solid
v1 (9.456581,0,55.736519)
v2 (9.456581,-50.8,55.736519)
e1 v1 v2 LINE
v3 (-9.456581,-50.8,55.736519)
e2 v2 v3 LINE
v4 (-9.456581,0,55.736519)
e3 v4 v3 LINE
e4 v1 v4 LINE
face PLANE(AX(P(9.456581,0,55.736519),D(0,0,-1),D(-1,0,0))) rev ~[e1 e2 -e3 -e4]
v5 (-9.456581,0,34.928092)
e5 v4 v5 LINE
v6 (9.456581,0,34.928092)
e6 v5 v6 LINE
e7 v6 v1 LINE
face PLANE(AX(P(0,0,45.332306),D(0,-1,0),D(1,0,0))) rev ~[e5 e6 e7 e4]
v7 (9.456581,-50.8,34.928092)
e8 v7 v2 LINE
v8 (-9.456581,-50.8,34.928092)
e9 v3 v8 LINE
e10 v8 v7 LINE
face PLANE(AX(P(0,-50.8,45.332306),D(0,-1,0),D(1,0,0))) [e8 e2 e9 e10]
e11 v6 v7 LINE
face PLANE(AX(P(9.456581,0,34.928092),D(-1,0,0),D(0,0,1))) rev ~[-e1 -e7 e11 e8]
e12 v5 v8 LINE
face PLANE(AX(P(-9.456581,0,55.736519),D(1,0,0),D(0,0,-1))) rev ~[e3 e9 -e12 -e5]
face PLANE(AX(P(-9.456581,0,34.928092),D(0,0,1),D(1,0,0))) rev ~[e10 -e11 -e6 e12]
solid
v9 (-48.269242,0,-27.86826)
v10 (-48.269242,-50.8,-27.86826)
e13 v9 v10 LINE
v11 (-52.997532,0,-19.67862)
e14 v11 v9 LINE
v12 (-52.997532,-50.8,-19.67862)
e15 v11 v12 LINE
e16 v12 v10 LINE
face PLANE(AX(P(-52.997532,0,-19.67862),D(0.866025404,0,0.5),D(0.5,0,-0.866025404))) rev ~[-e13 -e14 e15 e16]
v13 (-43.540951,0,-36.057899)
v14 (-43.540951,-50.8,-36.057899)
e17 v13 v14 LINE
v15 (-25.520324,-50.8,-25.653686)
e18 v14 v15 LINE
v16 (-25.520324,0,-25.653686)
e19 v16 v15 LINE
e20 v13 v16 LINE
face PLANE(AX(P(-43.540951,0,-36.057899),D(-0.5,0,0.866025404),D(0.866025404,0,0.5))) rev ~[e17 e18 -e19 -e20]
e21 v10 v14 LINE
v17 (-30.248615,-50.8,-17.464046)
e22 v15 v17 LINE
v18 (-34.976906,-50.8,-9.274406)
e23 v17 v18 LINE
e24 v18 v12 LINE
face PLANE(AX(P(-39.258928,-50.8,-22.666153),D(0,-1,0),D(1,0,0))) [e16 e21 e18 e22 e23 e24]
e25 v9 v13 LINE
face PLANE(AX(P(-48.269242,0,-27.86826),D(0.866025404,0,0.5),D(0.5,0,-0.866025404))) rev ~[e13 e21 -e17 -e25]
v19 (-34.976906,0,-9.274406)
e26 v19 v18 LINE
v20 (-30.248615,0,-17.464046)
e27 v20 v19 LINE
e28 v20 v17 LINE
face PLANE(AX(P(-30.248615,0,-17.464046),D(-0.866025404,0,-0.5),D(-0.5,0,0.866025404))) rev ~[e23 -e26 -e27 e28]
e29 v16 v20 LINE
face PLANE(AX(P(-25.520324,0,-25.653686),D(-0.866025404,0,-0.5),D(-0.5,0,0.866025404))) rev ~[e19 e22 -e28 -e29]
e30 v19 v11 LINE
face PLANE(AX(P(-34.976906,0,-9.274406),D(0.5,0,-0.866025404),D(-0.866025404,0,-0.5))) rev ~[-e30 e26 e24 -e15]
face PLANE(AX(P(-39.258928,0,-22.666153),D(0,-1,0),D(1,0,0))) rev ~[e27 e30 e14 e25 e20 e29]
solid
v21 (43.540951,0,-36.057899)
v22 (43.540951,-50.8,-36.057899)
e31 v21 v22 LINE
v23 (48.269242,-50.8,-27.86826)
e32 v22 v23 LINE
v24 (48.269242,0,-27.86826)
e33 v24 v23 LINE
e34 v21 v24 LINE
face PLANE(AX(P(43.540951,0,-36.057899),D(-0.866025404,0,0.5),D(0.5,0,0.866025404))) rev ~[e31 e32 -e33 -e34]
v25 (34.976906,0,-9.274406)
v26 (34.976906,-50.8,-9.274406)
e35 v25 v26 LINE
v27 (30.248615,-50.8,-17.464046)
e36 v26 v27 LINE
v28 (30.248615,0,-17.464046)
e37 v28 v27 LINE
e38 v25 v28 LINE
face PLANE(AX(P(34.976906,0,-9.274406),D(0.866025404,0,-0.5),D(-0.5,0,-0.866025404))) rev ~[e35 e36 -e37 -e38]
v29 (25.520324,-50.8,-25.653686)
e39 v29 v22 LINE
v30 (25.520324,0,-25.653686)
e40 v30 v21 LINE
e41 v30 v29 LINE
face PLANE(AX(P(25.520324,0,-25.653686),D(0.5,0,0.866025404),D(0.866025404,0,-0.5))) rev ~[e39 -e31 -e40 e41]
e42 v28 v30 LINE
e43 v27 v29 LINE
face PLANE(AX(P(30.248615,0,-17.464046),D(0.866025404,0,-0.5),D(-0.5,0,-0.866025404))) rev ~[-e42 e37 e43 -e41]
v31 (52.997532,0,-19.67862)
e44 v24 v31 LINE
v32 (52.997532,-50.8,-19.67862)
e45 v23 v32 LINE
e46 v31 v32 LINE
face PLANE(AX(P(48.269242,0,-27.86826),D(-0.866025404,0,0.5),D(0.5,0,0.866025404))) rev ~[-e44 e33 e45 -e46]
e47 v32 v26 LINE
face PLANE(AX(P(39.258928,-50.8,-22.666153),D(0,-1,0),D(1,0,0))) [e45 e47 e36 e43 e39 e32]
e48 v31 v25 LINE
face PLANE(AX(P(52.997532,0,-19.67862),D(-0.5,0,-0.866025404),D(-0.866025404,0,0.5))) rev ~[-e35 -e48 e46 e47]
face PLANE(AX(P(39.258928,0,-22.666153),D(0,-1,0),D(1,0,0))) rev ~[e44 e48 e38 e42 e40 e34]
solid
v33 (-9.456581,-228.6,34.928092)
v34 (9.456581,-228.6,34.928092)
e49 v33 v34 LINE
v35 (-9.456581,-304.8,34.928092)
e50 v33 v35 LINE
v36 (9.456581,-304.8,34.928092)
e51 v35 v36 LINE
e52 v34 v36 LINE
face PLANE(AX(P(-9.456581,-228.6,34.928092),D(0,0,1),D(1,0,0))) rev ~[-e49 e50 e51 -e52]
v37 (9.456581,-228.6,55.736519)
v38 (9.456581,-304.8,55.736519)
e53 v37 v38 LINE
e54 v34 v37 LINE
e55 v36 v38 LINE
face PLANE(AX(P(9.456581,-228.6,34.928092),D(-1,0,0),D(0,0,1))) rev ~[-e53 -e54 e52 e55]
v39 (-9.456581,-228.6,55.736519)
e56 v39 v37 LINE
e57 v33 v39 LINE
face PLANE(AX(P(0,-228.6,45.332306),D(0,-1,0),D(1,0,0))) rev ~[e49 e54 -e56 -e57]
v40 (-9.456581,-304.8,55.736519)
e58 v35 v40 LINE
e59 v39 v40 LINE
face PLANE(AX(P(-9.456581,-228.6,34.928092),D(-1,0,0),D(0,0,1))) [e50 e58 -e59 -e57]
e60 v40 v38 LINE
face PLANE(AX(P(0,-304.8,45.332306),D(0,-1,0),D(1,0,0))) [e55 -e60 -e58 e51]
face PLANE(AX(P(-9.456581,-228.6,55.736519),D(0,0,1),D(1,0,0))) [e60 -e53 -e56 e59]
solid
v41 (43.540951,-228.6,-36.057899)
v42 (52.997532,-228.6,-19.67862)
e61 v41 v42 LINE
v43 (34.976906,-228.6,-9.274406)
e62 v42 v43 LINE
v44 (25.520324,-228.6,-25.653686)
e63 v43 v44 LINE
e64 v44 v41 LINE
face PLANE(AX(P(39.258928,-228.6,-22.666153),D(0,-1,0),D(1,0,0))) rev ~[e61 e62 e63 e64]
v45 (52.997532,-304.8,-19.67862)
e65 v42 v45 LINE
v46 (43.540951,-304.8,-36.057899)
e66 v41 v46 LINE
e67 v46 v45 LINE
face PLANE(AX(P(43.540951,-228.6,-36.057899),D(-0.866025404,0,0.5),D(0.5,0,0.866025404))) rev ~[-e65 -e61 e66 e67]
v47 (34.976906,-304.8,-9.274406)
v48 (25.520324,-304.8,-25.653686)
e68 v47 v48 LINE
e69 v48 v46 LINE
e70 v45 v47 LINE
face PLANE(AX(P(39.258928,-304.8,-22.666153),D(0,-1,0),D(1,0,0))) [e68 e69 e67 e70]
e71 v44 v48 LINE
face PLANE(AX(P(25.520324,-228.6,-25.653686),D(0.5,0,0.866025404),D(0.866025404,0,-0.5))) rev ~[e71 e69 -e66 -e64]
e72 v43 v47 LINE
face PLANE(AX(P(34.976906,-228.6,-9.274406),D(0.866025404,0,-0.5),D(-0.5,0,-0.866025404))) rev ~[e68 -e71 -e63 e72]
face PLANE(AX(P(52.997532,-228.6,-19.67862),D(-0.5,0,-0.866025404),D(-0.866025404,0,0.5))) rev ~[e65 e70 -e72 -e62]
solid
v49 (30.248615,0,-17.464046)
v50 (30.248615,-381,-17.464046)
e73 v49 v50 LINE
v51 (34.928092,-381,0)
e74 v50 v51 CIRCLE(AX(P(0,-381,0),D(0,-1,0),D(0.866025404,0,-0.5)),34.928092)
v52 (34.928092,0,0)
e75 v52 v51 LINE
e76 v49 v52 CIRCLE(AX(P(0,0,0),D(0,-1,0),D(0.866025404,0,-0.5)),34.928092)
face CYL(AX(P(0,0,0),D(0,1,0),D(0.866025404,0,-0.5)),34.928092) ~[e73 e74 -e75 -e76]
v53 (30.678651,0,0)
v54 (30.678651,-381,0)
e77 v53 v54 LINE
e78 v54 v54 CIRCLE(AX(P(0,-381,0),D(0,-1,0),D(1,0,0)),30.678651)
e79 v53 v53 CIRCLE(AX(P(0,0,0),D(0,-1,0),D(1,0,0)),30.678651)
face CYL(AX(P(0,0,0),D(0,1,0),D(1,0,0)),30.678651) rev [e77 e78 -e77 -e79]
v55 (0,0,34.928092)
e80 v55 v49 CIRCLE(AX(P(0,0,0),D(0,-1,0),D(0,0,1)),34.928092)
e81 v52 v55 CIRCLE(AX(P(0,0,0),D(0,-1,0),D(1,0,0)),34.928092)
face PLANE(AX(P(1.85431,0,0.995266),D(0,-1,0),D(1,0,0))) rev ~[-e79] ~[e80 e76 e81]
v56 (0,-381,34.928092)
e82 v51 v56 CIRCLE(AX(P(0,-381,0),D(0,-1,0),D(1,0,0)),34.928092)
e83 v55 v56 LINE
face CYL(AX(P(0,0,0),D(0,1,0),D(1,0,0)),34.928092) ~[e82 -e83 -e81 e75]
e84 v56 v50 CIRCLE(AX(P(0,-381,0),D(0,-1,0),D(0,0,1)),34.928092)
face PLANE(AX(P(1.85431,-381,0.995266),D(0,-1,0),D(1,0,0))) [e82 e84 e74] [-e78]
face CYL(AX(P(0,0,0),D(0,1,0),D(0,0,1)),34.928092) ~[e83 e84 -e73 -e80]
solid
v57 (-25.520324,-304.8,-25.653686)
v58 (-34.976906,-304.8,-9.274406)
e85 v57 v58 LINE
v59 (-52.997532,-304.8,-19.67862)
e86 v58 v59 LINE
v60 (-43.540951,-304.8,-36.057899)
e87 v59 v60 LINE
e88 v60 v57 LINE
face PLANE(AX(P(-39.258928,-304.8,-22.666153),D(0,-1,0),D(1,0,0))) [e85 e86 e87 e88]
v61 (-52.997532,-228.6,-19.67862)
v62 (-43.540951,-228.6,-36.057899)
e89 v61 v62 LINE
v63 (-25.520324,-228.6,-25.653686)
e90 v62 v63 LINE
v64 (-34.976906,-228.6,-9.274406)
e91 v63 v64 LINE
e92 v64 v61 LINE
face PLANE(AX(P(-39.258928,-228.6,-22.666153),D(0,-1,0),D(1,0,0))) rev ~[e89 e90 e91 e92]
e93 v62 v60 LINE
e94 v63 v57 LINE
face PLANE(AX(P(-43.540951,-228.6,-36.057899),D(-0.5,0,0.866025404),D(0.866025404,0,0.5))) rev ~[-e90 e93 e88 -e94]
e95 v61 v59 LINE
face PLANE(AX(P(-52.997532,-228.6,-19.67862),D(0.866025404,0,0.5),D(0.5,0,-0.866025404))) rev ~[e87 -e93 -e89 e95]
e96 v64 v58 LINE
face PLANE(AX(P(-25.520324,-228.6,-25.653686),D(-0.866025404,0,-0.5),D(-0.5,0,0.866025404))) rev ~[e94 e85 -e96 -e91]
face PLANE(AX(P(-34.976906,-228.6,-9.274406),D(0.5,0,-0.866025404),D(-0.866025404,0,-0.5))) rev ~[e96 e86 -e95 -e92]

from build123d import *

# Parameters (mm, degrees)
F0_R      = 30.678650709
F1_DEPTH  = 381
F2_DEPTH  = 50.8
F3_START  = 177.8
F2_FACE_W = 18.9131628722
F2_FACE_H = 20.8084275999
F3_DEPTH  = 76.2


with BuildPart() as f1:
    # F0 (on Front) → F1 (new body)
    with BuildSketch(Plane.XZ):
        with BuildLine():
            ThreePointArc((30.2486148014, -17.4640458982), (33.7379459292, -9.040055366), (34.9280917964, 0))
            ThreePointArc((34.9280917964, 0), (24.6978905631, 24.6978905631), (0, 34.9280917964))
            ThreePointArc((0, 34.9280917964), (-30.2486148014, 17.4640458982), (-30.2486148014, -17.4640458982))
            ThreePointArc((-30.2486148014, -17.4640458982), (0, -34.9280917964), (30.2486148014, -17.4640458982))
        make_face()
        Circle(F0_R, mode=Mode.SUBTRACT)
    extrude(amount=F1_DEPTH)


with BuildPart() as f2:
    # F0 (on Front) → F2 (new body)
    with BuildSketch(Plane.XZ):
        Polygon((-9.4565814361, 34.9280917964), (0, 34.9280917964), (9.4565814361, 34.9280917964), (9.4565814361, 55.7365193963), (0, 55.7365193963), (-9.4565814361, 55.7365193963), align=None)
    extrude(amount=F2_DEPTH)


with BuildPart() as f2b:
    # F0 (on Front) → F2, piece 2 (new body)
    with BuildSketch(Plane.XZ):
        Polygon((34.9769055195, -9.2744061416), (30.2486148014, -17.4640458982), (25.5203240834, -25.6536856548), (43.5409509977, -36.0578994548), (48.2692417157, -27.8682596982), (52.9975324338, -19.6786199415), align=None)
    extrude(amount=F2_DEPTH)


with BuildPart() as f2c:
    # F0 (on Front) → F2, piece 3 (new body)
    with BuildSketch(Plane.XZ):
        Polygon((-25.5203240834, -25.6536856548), (-30.2486148014, -17.4640458982), (-34.9769055195, -9.2744061416), (-52.9975324338, -19.6786199415), (-48.2692417157, -27.8682596982), (-43.5409509977, -36.0578994548), align=None)
    extrude(amount=F2_DEPTH)


with BuildPart() as f3:
    # F2_face (on face) → F3 (new body)
    with BuildSketch(Plane(origin=(0, -50.8, 45.3323055964), x_dir=(1, 0, 0), z_dir=(0, -1, 0)).offset(F3_START)):
        Rectangle(F2_FACE_W, F2_FACE_H)
    extrude(amount=F3_DEPTH)


with BuildPart() as f3b:
    # F2_face (on face) → F3, piece 2 (new body)
    with BuildSketch(Plane(origin=(0, -50.8, 45.3323055964), x_dir=(1, 0, 0), z_dir=(0, -1, 0)).offset(F3_START)):
        Polygon((-43.5409509977, -81.3902050511), (-25.5203240834, -70.9859912512), (-34.9769055195, -54.6067117379), (-52.9975324338, -65.0109255379), align=None)
    extrude(amount=F3_DEPTH)


with BuildPart() as f3c:
    # F2_face (on face) → F3, piece 3 (new body)
    with BuildSketch(Plane(origin=(0, -50.8, 45.3323055964), x_dir=(1, 0, 0), z_dir=(0, -1, 0)).offset(F3_START)):
        Polygon((52.9975324338, -65.0109255379), (34.9769055195, -54.6067117379), (25.5203240834, -70.9859912512), (43.5409509977, -81.3902050511), align=None)
    extrude(amount=F3_DEPTH)


solid = Compound([f1.part, f2.part, f2b.part, f2c.part, f3.part, f3b.part, f3c.part])
